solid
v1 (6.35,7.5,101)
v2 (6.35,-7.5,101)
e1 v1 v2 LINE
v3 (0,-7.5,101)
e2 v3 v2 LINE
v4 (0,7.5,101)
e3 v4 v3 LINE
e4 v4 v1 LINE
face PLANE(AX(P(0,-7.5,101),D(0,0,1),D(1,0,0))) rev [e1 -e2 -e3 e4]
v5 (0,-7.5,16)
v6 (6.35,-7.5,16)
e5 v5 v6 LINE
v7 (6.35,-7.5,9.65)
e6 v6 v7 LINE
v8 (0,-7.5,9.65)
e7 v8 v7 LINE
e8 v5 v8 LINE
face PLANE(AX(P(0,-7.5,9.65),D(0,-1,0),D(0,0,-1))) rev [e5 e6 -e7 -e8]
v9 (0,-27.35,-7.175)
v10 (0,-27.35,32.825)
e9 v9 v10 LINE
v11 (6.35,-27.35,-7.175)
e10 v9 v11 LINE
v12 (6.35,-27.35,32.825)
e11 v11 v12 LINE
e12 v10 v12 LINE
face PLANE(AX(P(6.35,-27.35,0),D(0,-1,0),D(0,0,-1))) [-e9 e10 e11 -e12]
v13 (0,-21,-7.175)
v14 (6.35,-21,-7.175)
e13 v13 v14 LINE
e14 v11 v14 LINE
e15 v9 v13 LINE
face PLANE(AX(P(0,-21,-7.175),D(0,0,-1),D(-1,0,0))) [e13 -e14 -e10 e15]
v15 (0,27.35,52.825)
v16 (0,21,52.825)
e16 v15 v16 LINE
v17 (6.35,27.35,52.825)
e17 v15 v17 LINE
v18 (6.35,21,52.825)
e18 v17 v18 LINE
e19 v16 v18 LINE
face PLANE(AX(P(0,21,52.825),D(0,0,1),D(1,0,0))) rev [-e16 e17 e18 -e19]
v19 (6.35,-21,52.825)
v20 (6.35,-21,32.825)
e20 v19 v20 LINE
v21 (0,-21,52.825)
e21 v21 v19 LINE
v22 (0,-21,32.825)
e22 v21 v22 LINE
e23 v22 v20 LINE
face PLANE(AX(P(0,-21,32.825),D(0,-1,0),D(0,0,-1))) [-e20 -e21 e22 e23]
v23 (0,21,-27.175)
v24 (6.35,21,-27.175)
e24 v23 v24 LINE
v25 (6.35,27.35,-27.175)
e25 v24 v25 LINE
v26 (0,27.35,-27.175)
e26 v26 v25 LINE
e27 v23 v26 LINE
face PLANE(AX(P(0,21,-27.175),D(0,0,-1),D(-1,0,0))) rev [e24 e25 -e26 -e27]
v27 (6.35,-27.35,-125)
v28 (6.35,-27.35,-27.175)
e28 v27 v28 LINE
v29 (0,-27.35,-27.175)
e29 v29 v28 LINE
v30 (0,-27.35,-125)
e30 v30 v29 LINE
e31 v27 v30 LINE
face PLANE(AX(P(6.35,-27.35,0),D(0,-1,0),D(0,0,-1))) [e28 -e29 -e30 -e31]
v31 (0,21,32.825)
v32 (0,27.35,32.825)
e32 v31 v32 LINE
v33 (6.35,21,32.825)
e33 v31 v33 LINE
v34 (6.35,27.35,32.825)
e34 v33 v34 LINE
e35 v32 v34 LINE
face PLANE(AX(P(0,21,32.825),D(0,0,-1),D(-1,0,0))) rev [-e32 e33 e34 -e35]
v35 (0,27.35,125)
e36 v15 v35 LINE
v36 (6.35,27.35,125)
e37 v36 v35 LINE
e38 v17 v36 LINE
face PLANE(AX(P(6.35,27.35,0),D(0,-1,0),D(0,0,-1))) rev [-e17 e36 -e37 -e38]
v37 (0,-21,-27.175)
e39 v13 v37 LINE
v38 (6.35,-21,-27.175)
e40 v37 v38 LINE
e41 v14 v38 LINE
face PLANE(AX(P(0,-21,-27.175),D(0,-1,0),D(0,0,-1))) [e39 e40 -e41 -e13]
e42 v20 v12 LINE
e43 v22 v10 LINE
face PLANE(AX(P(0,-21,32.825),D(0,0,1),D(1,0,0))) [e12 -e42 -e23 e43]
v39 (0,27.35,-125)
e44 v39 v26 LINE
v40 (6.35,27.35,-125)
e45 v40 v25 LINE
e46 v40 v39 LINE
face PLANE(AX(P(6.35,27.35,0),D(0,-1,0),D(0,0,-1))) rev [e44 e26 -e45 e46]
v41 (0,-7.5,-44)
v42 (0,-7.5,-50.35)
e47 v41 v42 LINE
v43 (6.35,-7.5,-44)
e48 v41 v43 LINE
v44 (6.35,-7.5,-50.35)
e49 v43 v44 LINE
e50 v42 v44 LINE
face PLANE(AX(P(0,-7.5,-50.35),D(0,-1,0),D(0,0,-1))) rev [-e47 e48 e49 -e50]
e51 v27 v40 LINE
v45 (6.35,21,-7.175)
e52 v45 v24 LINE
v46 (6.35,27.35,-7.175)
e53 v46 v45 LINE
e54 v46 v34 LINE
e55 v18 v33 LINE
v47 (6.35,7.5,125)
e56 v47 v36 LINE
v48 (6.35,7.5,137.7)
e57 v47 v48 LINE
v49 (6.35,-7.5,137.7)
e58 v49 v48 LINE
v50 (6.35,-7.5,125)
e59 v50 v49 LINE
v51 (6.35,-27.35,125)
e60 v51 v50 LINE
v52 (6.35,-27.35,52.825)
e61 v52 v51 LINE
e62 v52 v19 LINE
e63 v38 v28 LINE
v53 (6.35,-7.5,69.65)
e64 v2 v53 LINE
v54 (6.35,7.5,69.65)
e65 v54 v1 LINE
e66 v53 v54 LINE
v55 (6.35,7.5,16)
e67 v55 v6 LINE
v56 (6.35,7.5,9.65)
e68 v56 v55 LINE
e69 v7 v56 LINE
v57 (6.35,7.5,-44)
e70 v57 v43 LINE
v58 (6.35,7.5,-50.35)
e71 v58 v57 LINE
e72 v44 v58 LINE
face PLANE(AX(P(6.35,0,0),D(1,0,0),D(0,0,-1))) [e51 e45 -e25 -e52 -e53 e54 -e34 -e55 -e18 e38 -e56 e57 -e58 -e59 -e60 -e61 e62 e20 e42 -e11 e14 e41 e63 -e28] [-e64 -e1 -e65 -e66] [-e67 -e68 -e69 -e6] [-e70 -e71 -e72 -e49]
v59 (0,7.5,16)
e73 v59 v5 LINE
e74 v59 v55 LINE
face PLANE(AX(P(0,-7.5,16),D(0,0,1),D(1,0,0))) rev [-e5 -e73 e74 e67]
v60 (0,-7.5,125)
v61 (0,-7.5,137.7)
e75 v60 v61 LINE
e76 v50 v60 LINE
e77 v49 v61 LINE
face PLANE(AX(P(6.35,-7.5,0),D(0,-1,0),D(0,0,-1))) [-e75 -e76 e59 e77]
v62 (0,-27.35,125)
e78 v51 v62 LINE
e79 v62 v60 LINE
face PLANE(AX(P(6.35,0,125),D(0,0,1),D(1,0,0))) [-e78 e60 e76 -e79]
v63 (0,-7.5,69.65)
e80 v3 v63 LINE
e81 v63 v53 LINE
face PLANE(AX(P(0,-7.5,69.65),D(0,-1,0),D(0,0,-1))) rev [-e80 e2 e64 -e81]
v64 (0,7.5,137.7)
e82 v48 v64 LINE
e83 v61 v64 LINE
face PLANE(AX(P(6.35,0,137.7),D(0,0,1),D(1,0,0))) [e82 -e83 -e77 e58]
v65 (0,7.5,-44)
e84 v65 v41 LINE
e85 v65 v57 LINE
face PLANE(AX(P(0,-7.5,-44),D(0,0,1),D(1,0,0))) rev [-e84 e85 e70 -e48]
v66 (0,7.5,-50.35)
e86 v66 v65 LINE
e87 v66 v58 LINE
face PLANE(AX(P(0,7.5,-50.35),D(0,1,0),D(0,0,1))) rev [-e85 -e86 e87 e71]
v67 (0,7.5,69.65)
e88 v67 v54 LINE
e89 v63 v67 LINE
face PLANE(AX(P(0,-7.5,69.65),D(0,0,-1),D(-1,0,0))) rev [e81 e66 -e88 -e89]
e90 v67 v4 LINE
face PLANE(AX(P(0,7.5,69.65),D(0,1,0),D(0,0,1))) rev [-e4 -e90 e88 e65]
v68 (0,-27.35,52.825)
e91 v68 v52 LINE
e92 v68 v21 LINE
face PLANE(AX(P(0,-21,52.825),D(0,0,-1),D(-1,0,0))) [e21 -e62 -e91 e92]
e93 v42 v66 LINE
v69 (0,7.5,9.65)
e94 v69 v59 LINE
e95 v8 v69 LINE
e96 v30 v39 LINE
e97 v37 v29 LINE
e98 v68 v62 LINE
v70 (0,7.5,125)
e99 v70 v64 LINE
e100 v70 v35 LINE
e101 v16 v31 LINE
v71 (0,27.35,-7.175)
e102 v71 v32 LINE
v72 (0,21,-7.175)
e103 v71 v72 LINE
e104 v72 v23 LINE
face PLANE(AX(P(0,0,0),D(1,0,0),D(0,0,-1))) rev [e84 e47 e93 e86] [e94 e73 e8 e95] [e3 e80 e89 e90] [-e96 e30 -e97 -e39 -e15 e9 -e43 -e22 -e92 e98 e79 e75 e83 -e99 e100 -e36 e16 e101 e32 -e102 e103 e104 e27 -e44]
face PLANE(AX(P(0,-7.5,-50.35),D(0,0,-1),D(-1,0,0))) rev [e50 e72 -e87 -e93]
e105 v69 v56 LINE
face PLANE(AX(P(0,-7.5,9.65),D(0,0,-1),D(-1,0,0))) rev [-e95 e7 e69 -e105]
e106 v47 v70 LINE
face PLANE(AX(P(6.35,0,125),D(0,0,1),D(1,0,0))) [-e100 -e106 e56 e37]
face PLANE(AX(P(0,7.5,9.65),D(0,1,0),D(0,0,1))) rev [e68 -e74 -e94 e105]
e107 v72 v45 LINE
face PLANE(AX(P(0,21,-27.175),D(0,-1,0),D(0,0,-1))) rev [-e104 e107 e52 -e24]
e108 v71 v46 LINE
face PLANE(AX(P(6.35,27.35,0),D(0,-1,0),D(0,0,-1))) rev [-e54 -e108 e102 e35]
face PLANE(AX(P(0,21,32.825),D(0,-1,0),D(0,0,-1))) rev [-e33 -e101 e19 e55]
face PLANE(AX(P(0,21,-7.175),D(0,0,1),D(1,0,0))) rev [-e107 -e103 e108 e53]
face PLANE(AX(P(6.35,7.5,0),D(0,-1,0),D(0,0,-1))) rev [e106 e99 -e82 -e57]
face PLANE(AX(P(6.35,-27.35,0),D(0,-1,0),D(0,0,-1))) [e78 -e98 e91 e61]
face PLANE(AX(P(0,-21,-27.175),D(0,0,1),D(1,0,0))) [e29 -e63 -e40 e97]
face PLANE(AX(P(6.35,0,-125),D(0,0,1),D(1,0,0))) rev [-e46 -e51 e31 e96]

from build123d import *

# Parameters (mm, degrees)
SKETCH1_W           = 250
SKETCH1_H           = 54.7
SKETCH1_W_2         = 12.7
SKETCH1_H_2         = 15
BOSS_EXTRUDE1_DEPTH = 6.35
SKETCH2_W           = 6.35
SKETCH2_H           = 15
CUT_EXTRUDE1_DEPTH  = 141.533394608
LPATTERN1_COUNT     = 3
LPATTERN1_PITCH     = 60
SKETCH3_W           = 25
SKETCH3_H           = 15
CUT_EXTRUDE2_DEPTH  = 141.533394608
SKETCH4_W           = 20
SKETCH4_H           = 6.35
CUT_EXTRUDE3_DEPTH  = 141.533394608


with BuildPart() as part:
    # Sketch1 → Boss-Extrude1 (new body)
    with BuildSketch(Plane(origin=(0, 0, 0), x_dir=(0, 0, -1), z_dir=(1, 0, 0))):
        Rectangle(SKETCH1_W, SKETCH1_H)
        with Locations((-131.35, 0)):
            Rectangle(SKETCH1_W_2, SKETCH1_H_2)
    extrude(amount=BOSS_EXTRUDE1_DEPTH)

    # Sketch2 → Cut-Extrude1 (cut, through all)
    with BuildSketch(Plane(origin=(6.35, 0, 0), x_dir=(0, 0, -1), z_dir=(1, 0, 0))):
        with Locations((-72.825, 0)):
            Rectangle(SKETCH2_W, SKETCH2_H)
    cut_extrude1 = extrude(amount=-CUT_EXTRUDE1_DEPTH, mode=Mode.SUBTRACT)

    # LPattern1: Cut-Extrude1 ×3
    with Locations(*[(0, 0, -i * LPATTERN1_PITCH) for i in range(1, LPATTERN1_COUNT)]):
        add(cut_extrude1, mode=Mode.SUBTRACT)

    # Sketch3 → Cut-Extrude2 (cut, through all)
    with BuildSketch(Plane(origin=(6.35, 0, 0), x_dir=(0, 0, -1), z_dir=(1, 0, 0))):
        with Locations((-88.5, 0)):
            Rectangle(SKETCH3_W, SKETCH3_H)
    extrude(amount=-CUT_EXTRUDE2_DEPTH, mode=Mode.SUBTRACT)

    # Sketch4 → Cut-Extrude3 (cut, through all)
    with BuildSketch(Plane(origin=(6.35, 0, 0), x_dir=(0, 0, -1), z_dir=(1, 0, 0))):
        with Locations((-42.825, 24.175)):
            Rectangle(SKETCH4_W, SKETCH4_H)
        with Locations((17.175, 24.175)):
            Rectangle(SKETCH4_W, SKETCH4_H)
    cut_extrude3 = extrude(amount=-CUT_EXTRUDE3_DEPTH, mode=Mode.SUBTRACT)

    # Mirror1: Cut-Extrude3 across plane
    add(cut_extrude3.mirror(Plane.ZX), mode=Mode.SUBTRACT)


solid = part.part
